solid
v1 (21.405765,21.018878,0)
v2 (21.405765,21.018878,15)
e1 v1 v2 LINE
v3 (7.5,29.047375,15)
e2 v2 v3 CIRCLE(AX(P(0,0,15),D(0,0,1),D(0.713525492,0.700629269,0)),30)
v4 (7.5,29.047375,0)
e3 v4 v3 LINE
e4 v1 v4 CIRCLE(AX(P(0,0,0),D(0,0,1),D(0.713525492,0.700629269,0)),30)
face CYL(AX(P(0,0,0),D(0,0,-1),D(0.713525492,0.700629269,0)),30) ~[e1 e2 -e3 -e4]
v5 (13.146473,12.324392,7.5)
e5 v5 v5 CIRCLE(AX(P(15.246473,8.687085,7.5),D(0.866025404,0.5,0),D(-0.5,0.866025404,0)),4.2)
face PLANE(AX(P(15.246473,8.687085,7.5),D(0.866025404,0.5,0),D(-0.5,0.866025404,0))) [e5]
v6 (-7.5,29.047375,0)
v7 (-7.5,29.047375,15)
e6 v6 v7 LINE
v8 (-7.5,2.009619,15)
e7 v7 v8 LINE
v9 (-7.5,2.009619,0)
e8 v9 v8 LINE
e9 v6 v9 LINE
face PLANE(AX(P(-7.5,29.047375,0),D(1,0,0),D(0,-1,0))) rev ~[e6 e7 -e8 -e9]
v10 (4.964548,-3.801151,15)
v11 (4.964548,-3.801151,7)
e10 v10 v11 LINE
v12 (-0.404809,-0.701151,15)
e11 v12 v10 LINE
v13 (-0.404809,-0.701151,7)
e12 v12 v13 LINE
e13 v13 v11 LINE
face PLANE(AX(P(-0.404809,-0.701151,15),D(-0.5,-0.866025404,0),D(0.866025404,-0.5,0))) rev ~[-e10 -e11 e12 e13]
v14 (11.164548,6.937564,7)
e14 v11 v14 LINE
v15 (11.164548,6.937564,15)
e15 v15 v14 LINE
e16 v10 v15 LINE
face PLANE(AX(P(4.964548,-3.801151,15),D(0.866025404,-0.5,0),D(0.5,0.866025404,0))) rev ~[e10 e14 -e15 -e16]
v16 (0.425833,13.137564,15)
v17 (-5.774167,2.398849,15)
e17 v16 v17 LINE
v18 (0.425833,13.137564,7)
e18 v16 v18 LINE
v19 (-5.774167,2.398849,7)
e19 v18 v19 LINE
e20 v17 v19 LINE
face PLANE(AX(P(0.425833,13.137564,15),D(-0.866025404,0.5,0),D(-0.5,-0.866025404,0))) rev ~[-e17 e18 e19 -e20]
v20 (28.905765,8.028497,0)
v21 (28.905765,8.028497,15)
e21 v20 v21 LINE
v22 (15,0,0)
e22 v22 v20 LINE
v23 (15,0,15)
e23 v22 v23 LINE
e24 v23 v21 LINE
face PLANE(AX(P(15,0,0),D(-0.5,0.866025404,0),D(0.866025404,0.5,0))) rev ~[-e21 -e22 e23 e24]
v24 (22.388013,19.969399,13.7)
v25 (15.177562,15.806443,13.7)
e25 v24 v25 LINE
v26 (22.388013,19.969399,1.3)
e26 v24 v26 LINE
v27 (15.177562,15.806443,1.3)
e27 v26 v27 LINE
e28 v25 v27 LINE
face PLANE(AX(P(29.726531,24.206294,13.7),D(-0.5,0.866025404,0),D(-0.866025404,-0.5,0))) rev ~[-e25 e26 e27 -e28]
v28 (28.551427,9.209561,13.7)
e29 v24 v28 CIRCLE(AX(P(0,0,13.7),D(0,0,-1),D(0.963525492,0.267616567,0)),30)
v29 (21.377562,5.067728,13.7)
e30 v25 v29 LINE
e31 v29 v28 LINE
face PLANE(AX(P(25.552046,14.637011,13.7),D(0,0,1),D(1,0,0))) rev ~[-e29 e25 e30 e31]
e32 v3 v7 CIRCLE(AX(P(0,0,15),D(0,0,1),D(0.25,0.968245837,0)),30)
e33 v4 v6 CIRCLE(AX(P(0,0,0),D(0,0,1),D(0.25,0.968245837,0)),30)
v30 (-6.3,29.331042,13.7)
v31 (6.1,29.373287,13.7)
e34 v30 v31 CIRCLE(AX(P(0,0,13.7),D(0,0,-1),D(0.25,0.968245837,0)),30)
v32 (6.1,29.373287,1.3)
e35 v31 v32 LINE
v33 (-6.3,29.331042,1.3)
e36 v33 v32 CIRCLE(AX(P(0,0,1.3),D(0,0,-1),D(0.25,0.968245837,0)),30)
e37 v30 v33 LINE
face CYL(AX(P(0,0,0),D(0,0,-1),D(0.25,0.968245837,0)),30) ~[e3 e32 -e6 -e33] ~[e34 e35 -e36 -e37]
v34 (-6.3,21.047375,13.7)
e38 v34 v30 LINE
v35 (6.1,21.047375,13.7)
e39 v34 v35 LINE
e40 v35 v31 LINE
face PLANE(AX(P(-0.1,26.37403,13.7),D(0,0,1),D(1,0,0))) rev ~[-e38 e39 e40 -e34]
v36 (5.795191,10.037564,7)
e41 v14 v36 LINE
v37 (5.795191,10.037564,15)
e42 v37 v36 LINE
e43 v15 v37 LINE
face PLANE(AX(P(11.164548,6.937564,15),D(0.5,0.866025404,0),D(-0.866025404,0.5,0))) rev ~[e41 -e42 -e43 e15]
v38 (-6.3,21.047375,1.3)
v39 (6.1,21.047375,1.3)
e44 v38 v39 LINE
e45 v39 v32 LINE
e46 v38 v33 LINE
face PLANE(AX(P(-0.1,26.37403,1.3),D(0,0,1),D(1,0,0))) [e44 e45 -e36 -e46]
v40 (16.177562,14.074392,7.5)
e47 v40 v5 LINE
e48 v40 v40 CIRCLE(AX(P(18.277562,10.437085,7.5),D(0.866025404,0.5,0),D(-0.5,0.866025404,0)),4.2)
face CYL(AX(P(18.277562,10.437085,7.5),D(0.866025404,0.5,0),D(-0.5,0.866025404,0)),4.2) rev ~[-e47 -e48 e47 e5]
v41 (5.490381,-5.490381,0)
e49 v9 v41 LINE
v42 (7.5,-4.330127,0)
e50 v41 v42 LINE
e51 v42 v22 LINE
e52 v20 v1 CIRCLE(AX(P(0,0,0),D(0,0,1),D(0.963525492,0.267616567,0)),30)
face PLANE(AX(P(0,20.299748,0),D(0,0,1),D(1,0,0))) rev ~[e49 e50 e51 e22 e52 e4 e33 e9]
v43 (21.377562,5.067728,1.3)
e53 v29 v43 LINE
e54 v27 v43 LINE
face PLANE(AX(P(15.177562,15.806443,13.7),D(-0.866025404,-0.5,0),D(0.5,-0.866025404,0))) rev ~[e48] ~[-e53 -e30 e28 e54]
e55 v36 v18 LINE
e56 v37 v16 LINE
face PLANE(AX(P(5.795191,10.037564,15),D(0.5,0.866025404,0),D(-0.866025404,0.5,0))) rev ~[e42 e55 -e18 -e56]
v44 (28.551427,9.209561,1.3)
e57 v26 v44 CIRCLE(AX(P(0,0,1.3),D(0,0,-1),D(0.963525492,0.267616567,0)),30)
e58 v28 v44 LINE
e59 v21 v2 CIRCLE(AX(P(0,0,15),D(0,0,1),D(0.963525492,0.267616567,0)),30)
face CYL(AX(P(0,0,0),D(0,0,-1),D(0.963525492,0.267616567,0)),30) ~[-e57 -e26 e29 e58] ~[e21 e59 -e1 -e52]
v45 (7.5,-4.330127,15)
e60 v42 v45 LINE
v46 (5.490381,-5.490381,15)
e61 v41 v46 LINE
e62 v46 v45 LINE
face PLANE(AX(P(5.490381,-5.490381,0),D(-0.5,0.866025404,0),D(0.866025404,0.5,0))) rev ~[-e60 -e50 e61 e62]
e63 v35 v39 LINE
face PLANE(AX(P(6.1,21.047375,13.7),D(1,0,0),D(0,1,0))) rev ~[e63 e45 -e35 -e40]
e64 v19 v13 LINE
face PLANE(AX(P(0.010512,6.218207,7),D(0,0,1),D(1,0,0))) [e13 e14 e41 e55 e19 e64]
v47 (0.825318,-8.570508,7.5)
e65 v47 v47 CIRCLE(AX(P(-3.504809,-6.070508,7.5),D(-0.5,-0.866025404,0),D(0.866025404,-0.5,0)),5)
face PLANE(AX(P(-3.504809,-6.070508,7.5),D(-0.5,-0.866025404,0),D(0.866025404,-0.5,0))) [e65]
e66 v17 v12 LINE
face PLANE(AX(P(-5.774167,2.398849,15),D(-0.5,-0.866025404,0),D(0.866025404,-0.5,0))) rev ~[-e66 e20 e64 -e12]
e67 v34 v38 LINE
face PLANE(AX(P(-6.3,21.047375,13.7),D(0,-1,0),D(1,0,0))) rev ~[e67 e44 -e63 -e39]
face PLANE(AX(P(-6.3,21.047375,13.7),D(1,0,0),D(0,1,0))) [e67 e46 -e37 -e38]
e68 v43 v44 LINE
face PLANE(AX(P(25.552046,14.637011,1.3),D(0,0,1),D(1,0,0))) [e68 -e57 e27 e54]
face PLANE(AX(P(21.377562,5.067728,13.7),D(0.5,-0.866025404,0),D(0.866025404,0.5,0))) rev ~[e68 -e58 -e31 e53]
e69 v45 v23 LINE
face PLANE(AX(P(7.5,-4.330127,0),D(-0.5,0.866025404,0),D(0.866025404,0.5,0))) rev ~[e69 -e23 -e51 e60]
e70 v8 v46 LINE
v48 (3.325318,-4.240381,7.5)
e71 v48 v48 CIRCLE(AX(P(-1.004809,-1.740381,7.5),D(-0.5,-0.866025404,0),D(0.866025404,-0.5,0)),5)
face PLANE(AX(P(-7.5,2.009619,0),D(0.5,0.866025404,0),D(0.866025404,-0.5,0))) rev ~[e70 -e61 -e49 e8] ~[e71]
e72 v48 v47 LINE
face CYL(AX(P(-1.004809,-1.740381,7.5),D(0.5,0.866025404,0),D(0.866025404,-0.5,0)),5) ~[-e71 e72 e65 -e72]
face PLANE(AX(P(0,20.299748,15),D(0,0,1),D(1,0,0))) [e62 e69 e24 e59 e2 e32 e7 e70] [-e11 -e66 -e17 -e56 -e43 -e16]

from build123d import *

# Parameters (mm, degrees)
F1_DEPTH = 15
F3_DEPTH = 8
F5_START = -1.3
F4_W     = 12.4
F4_H     = 10.6533105238
F5_DEPTH = 12.4
F6_R     = 5
F7_DEPTH = 5
F8_R     = 4.2
F9_DEPTH = 3.5


with BuildPart() as f1:
    # F0 (on Top) → F1 (new body)
    with BuildSketch(Plane.XY):
        with BuildLine():
            Line((7.5, 12.9903810568), (7.5, 29.0473750966))
            ThreePointArc((7.5, 29.0473750966), (0, 30), (-7.5, 29.0473750966))
            Line((-7.5, 29.0473750966), (-7.5, 12.9903810568))
            Line((-7.5, 12.9903810568), (0, 8.6602540378))
            Line((0, 8.6602540378), (7.5, 12.9903810568))
        make_face()
        with BuildLine():
            Line((7.5, 12.9903810568), (21.4057647469, 21.0188780767))
            ThreePointArc((21.4057647469, 21.0188780767), (15, 25.9807621135), (7.5, 29.0473750966))
            Line((7.5, 29.0473750966), (7.5, 12.9903810568))
        make_face()
        with BuildLine():
            Line((15, 0), (28.9057647469, 8.0284970199))
            ThreePointArc((28.9057647469, 8.0284970199), (25.9807621135, 15), (21.4057647469, 21.0188780767))
            Line((21.4057647469, 21.0188780767), (7.5, 12.9903810568))
            Line((7.5, 12.9903810568), (7.5, 4.3301270189))
            Line((7.5, 4.3301270189), (15, 0))
        make_face()
        Polygon((7.5, -4.3301270189), (15, 0), (7.5, 4.3301270189), align=None)
        Polygon((7.5, 4.3301270189), (7.5, 12.9903810568), (0, 8.6602540378), align=None)
        Polygon((5.4903810568, -5.4903810568), (7.5, -4.3301270189), (7.5, 4.3301270189), (0, 8.6602540378), (-7.5, 4.3301270189), (-7.5, 2.0096189432), align=None)
        Polygon((-7.5, 4.3301270189), (0, 8.6602540378), (-7.5, 12.9903810568), align=None)
    extrude(amount=F1_DEPTH)

    # F2 (on face) → F3 (cut)
    with BuildSketch(Plane.XY.offset(15)):
        Polygon((-5.7741669751, 2.3988494278), (-0.4048094716, -0.7011505722), (5.7951905284, 10.0375644347), (0.4258330249, 13.1375644347), align=None)
        Polygon((5.7951905284, 10.0375644347), (-0.4048094716, -0.7011505722), (4.9645480318, -3.8011505722), (11.1645480318, 6.9375644347), align=None)
    extrude(amount=-F3_DEPTH, mode=Mode.SUBTRACT)

    # F4 (on face) → F5 (cut)
    with BuildSketch(Plane.XY.offset(15).offset(F5_START)):
        with Locations((-0.1, 26.3740303584)):
            Rectangle(F4_W, F4_H)
        Polygon((15.1775615166, 15.8064425114), (21.3775615166, 5.0677275044), (35.9265312226, 13.4675790806), (29.7265312226, 24.2062940875), align=None)
    extrude(amount=-F5_DEPTH, mode=Mode.SUBTRACT)

    # F6 (on face) → F7 (join)
    with BuildSketch(Plane(origin=(-1.0048094716, -1.7403810568, 0), x_dir=(0.8660254038, -0.5, 0), z_dir=(-0.5, -0.8660254038, 0))):
        with Locations((0, 7.5)):
            Circle(F6_R)
    extrude(amount=F7_DEPTH)

    # F8 (on face) → F9 (cut)
    with BuildSketch(Plane(origin=(18.2275615166, 10.5236875483, 0), x_dir=(-0.5, 0.8660254038, 0), z_dir=(0.8660254038, 0.5, 0))):
        with Locations((-0.1, 7.5)):
            Circle(F8_R)
    extrude(amount=-F9_DEPTH, mode=Mode.SUBTRACT)


solid = f1.part
